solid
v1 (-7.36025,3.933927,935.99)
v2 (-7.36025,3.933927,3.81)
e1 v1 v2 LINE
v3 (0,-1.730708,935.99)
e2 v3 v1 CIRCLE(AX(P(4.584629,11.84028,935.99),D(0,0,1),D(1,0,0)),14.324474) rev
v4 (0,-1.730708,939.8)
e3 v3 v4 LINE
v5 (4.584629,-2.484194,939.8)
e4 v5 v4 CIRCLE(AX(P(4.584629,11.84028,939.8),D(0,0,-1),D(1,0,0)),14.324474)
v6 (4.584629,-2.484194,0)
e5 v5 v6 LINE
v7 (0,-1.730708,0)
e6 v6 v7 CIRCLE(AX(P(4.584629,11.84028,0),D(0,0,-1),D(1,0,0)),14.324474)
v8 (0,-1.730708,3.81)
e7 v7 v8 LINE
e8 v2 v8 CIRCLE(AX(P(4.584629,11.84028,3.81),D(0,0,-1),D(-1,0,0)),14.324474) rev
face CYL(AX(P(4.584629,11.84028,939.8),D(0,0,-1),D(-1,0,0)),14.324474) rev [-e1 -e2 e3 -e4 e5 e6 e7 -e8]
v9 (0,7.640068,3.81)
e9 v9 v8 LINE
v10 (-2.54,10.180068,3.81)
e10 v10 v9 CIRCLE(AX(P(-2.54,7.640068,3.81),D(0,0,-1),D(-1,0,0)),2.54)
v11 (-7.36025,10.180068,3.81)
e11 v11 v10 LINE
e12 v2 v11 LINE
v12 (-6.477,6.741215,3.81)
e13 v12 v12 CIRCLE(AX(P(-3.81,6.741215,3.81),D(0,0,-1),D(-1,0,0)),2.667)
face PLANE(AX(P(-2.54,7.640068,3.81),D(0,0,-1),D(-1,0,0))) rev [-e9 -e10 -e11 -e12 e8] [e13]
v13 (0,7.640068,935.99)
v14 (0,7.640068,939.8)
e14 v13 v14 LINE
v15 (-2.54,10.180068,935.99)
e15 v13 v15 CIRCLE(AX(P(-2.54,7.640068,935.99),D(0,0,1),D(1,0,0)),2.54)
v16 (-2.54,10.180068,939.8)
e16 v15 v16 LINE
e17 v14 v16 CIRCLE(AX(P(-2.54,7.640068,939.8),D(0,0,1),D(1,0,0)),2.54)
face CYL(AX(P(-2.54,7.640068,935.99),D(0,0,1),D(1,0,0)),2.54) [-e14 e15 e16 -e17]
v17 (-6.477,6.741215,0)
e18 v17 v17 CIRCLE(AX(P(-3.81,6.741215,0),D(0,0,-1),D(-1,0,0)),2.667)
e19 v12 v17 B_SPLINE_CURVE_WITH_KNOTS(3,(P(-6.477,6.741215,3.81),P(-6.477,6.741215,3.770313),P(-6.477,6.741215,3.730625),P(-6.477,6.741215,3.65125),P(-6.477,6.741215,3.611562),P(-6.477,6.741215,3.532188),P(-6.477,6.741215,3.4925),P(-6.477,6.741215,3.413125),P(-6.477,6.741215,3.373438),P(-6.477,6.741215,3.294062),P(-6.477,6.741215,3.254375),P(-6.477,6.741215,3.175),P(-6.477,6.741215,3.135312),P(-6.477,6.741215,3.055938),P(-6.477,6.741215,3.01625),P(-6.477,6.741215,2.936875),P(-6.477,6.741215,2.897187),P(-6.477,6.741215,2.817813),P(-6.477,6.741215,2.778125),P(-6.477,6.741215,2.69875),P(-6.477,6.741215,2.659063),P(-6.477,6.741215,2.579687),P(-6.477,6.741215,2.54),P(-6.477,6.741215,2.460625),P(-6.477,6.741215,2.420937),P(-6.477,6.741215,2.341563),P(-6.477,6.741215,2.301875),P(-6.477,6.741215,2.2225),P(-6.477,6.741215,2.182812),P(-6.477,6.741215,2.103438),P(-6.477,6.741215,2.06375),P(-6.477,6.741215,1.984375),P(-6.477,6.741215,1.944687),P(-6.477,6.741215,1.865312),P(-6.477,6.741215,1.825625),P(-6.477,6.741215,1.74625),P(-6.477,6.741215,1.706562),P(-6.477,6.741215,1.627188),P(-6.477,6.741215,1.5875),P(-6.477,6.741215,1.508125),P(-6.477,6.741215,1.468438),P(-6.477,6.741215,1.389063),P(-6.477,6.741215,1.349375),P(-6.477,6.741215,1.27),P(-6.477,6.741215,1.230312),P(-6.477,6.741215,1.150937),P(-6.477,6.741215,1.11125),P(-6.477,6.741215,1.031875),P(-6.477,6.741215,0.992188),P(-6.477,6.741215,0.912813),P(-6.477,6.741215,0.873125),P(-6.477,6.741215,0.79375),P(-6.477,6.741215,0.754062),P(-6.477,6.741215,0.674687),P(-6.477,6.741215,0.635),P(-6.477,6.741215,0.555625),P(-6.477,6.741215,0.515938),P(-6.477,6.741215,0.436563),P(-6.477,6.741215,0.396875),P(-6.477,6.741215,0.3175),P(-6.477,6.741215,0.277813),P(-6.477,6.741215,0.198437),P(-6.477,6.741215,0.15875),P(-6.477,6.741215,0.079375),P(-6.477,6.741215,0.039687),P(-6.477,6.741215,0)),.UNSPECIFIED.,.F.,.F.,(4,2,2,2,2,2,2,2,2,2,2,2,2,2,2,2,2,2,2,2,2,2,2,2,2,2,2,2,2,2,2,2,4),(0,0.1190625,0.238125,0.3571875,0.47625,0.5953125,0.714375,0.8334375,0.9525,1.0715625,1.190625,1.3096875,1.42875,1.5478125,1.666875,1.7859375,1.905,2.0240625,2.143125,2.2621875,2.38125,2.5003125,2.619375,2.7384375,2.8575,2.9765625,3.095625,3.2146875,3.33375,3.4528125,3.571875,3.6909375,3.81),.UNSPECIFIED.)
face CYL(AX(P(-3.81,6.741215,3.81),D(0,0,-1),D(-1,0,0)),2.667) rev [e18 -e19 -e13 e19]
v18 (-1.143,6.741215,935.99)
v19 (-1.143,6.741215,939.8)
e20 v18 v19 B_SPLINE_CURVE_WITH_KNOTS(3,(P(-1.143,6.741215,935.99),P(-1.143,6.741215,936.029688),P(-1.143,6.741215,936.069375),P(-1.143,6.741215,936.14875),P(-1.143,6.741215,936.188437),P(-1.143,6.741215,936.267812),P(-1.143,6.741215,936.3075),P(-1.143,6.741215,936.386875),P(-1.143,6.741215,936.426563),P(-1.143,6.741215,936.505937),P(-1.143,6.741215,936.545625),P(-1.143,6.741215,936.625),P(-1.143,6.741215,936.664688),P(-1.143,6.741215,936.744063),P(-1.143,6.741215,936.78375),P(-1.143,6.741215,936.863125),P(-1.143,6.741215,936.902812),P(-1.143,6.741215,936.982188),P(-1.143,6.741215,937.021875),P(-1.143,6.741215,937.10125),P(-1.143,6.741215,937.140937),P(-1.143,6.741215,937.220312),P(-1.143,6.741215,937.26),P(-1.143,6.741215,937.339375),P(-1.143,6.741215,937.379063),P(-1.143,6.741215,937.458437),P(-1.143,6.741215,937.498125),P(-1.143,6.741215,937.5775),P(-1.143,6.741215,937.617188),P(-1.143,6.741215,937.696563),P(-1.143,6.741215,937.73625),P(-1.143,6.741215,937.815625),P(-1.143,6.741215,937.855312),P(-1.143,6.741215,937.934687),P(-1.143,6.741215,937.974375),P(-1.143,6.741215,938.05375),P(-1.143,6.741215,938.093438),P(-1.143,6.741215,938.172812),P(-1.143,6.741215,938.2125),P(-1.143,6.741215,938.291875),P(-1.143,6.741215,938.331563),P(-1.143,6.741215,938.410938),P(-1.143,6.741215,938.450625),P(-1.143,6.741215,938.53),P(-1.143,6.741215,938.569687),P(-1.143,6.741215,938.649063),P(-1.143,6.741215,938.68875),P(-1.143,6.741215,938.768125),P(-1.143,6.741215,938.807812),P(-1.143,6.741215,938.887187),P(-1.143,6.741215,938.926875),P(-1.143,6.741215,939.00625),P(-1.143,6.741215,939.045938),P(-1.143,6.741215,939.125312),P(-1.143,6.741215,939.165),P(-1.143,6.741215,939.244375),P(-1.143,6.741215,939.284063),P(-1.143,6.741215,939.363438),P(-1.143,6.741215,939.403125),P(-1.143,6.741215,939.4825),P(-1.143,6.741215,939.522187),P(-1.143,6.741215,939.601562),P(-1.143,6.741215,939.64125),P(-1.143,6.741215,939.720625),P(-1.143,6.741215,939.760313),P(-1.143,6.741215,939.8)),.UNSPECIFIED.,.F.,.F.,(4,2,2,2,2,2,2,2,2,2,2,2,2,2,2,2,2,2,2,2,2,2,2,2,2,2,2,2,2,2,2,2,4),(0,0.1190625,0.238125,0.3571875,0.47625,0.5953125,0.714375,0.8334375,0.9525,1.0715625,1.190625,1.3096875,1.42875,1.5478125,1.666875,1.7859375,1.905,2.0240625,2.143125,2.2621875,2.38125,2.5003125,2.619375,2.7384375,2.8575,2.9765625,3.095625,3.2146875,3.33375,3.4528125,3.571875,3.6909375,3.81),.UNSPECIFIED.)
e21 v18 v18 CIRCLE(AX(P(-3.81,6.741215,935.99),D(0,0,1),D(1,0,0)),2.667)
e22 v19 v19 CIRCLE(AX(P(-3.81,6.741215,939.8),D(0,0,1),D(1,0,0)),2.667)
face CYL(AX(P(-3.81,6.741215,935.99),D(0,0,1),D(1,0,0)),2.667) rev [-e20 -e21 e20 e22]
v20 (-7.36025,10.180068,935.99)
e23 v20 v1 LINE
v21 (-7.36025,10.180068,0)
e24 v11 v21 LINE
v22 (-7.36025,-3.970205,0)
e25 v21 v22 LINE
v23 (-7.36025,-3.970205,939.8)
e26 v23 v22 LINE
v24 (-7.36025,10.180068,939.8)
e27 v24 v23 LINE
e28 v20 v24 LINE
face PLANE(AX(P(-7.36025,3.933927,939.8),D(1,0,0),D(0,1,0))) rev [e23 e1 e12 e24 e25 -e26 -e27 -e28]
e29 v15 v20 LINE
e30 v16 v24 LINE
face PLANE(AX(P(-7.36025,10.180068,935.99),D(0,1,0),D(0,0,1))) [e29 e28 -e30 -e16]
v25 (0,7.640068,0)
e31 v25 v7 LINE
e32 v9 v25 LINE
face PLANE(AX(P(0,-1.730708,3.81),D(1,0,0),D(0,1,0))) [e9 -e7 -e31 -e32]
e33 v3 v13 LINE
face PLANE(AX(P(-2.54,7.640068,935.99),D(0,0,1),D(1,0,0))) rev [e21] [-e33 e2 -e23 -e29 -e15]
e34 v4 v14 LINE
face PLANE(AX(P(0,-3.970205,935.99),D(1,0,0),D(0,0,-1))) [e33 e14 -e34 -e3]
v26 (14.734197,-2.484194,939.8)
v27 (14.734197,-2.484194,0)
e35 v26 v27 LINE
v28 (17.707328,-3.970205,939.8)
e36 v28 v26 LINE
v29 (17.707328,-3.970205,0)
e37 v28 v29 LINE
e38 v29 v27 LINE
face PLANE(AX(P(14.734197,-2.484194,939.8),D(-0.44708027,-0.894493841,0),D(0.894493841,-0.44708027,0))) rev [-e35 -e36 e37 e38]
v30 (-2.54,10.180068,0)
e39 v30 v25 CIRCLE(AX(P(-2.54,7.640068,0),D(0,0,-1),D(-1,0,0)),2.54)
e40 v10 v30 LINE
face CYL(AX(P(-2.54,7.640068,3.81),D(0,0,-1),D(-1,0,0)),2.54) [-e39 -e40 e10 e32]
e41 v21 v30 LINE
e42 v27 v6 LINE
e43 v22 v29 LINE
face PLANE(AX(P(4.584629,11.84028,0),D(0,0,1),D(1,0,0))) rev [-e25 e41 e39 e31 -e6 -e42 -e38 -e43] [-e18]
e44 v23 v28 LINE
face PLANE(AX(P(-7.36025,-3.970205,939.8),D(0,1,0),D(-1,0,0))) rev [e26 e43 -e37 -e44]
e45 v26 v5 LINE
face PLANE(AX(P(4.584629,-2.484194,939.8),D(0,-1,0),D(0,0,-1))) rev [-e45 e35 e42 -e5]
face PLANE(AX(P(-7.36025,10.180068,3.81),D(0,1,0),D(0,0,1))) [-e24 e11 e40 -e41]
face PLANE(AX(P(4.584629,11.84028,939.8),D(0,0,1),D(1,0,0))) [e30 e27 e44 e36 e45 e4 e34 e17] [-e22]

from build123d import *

# Parameters (mm, degrees)
BOSS_EXTRUDE1_DEPTH = 939.8
SKETCH2_R           = 2.667
BOSS_EXTRUDE2_DEPTH = 3.81
BOSS_EXTRUDE3_START = -3.81
SKETCH3_R           = 2.667
BOSS_EXTRUDE3_DEPTH = 3.81


with BuildPart() as part:
    # Sketch1 → Boss-Extrude1 (new body)
    with BuildSketch(Plane.XY):
        with BuildLine():
            Line((-7.360249805, 3.93392662), (-7.360249805, -3.970205312))
            Line((-7.360249805, -3.970205312), (7.360249805, -3.970205312))
            Line((7.360249805, -3.970205312), (17.707328311, -3.970205312))
            Line((17.707328311, -3.970205312), (14.73419743, -2.484193787))
            Line((14.73419743, -2.484193787), (4.584628721, -2.484193787))
            ThreePointArc((4.584628721, -2.484193787), (-2.195349018, -0.778057865), (-7.360249805, 3.93392662))
        make_face()
    extrude(amount=BOSS_EXTRUDE1_DEPTH)

    # Sketch2 → Boss-Extrude2 (add)
    with BuildSketch(Plane.XY.offset(939.8)):
        with BuildLine():
            Line((-7.360249805, -3.970205312), (0, -3.970205312))
            Line((0, -3.970205312), (0, 7.640068299))
            ThreePointArc((0, 7.640068299), (-0.743948776, 9.436119523), (-2.54, 10.180068299))
            Line((-2.54, 10.180068299), (-7.360249805, 10.180068299))
            Line((-7.360249805, 10.180068299), (-7.360249805, -3.970205312))
        make_face()
        with Locations((-3.81, 6.741214638)):
            Circle(SKETCH2_R, mode=Mode.SUBTRACT)
    extrude(amount=-BOSS_EXTRUDE2_DEPTH)

    # Sketch3 → Boss-Extrude3 (add)
    with BuildSketch(Plane(origin=(0, 0, 0), x_dir=(-1, 0, 0), z_dir=(0, 0, -1)).offset(BOSS_EXTRUDE3_START)):
        with BuildLine():
            Line((0, -1.730708485), (0, -3.970205312))
            Line((0, -3.970205312), (7.360249805, -3.970205312))
            Line((7.360249805, -3.970205312), (7.360249805, 3.93392662))
            Line((7.360249805, 3.93392662), (7.360249805, 10.180068299))
            Line((7.360249805, 10.180068299), (2.54, 10.180068299))
            ThreePointArc((2.54, 10.180068299), (0.743948776, 9.436119523), (0, 7.640068299))
            Line((0, 7.640068299), (0, -1.730708485))
        make_face()
        with Locations(Location((3.81, 6.741214638, 0), (0, 0, 180))):
            Circle(SKETCH3_R, mode=Mode.SUBTRACT)
    extrude(amount=BOSS_EXTRUDE3_DEPTH)


solid = part.part
